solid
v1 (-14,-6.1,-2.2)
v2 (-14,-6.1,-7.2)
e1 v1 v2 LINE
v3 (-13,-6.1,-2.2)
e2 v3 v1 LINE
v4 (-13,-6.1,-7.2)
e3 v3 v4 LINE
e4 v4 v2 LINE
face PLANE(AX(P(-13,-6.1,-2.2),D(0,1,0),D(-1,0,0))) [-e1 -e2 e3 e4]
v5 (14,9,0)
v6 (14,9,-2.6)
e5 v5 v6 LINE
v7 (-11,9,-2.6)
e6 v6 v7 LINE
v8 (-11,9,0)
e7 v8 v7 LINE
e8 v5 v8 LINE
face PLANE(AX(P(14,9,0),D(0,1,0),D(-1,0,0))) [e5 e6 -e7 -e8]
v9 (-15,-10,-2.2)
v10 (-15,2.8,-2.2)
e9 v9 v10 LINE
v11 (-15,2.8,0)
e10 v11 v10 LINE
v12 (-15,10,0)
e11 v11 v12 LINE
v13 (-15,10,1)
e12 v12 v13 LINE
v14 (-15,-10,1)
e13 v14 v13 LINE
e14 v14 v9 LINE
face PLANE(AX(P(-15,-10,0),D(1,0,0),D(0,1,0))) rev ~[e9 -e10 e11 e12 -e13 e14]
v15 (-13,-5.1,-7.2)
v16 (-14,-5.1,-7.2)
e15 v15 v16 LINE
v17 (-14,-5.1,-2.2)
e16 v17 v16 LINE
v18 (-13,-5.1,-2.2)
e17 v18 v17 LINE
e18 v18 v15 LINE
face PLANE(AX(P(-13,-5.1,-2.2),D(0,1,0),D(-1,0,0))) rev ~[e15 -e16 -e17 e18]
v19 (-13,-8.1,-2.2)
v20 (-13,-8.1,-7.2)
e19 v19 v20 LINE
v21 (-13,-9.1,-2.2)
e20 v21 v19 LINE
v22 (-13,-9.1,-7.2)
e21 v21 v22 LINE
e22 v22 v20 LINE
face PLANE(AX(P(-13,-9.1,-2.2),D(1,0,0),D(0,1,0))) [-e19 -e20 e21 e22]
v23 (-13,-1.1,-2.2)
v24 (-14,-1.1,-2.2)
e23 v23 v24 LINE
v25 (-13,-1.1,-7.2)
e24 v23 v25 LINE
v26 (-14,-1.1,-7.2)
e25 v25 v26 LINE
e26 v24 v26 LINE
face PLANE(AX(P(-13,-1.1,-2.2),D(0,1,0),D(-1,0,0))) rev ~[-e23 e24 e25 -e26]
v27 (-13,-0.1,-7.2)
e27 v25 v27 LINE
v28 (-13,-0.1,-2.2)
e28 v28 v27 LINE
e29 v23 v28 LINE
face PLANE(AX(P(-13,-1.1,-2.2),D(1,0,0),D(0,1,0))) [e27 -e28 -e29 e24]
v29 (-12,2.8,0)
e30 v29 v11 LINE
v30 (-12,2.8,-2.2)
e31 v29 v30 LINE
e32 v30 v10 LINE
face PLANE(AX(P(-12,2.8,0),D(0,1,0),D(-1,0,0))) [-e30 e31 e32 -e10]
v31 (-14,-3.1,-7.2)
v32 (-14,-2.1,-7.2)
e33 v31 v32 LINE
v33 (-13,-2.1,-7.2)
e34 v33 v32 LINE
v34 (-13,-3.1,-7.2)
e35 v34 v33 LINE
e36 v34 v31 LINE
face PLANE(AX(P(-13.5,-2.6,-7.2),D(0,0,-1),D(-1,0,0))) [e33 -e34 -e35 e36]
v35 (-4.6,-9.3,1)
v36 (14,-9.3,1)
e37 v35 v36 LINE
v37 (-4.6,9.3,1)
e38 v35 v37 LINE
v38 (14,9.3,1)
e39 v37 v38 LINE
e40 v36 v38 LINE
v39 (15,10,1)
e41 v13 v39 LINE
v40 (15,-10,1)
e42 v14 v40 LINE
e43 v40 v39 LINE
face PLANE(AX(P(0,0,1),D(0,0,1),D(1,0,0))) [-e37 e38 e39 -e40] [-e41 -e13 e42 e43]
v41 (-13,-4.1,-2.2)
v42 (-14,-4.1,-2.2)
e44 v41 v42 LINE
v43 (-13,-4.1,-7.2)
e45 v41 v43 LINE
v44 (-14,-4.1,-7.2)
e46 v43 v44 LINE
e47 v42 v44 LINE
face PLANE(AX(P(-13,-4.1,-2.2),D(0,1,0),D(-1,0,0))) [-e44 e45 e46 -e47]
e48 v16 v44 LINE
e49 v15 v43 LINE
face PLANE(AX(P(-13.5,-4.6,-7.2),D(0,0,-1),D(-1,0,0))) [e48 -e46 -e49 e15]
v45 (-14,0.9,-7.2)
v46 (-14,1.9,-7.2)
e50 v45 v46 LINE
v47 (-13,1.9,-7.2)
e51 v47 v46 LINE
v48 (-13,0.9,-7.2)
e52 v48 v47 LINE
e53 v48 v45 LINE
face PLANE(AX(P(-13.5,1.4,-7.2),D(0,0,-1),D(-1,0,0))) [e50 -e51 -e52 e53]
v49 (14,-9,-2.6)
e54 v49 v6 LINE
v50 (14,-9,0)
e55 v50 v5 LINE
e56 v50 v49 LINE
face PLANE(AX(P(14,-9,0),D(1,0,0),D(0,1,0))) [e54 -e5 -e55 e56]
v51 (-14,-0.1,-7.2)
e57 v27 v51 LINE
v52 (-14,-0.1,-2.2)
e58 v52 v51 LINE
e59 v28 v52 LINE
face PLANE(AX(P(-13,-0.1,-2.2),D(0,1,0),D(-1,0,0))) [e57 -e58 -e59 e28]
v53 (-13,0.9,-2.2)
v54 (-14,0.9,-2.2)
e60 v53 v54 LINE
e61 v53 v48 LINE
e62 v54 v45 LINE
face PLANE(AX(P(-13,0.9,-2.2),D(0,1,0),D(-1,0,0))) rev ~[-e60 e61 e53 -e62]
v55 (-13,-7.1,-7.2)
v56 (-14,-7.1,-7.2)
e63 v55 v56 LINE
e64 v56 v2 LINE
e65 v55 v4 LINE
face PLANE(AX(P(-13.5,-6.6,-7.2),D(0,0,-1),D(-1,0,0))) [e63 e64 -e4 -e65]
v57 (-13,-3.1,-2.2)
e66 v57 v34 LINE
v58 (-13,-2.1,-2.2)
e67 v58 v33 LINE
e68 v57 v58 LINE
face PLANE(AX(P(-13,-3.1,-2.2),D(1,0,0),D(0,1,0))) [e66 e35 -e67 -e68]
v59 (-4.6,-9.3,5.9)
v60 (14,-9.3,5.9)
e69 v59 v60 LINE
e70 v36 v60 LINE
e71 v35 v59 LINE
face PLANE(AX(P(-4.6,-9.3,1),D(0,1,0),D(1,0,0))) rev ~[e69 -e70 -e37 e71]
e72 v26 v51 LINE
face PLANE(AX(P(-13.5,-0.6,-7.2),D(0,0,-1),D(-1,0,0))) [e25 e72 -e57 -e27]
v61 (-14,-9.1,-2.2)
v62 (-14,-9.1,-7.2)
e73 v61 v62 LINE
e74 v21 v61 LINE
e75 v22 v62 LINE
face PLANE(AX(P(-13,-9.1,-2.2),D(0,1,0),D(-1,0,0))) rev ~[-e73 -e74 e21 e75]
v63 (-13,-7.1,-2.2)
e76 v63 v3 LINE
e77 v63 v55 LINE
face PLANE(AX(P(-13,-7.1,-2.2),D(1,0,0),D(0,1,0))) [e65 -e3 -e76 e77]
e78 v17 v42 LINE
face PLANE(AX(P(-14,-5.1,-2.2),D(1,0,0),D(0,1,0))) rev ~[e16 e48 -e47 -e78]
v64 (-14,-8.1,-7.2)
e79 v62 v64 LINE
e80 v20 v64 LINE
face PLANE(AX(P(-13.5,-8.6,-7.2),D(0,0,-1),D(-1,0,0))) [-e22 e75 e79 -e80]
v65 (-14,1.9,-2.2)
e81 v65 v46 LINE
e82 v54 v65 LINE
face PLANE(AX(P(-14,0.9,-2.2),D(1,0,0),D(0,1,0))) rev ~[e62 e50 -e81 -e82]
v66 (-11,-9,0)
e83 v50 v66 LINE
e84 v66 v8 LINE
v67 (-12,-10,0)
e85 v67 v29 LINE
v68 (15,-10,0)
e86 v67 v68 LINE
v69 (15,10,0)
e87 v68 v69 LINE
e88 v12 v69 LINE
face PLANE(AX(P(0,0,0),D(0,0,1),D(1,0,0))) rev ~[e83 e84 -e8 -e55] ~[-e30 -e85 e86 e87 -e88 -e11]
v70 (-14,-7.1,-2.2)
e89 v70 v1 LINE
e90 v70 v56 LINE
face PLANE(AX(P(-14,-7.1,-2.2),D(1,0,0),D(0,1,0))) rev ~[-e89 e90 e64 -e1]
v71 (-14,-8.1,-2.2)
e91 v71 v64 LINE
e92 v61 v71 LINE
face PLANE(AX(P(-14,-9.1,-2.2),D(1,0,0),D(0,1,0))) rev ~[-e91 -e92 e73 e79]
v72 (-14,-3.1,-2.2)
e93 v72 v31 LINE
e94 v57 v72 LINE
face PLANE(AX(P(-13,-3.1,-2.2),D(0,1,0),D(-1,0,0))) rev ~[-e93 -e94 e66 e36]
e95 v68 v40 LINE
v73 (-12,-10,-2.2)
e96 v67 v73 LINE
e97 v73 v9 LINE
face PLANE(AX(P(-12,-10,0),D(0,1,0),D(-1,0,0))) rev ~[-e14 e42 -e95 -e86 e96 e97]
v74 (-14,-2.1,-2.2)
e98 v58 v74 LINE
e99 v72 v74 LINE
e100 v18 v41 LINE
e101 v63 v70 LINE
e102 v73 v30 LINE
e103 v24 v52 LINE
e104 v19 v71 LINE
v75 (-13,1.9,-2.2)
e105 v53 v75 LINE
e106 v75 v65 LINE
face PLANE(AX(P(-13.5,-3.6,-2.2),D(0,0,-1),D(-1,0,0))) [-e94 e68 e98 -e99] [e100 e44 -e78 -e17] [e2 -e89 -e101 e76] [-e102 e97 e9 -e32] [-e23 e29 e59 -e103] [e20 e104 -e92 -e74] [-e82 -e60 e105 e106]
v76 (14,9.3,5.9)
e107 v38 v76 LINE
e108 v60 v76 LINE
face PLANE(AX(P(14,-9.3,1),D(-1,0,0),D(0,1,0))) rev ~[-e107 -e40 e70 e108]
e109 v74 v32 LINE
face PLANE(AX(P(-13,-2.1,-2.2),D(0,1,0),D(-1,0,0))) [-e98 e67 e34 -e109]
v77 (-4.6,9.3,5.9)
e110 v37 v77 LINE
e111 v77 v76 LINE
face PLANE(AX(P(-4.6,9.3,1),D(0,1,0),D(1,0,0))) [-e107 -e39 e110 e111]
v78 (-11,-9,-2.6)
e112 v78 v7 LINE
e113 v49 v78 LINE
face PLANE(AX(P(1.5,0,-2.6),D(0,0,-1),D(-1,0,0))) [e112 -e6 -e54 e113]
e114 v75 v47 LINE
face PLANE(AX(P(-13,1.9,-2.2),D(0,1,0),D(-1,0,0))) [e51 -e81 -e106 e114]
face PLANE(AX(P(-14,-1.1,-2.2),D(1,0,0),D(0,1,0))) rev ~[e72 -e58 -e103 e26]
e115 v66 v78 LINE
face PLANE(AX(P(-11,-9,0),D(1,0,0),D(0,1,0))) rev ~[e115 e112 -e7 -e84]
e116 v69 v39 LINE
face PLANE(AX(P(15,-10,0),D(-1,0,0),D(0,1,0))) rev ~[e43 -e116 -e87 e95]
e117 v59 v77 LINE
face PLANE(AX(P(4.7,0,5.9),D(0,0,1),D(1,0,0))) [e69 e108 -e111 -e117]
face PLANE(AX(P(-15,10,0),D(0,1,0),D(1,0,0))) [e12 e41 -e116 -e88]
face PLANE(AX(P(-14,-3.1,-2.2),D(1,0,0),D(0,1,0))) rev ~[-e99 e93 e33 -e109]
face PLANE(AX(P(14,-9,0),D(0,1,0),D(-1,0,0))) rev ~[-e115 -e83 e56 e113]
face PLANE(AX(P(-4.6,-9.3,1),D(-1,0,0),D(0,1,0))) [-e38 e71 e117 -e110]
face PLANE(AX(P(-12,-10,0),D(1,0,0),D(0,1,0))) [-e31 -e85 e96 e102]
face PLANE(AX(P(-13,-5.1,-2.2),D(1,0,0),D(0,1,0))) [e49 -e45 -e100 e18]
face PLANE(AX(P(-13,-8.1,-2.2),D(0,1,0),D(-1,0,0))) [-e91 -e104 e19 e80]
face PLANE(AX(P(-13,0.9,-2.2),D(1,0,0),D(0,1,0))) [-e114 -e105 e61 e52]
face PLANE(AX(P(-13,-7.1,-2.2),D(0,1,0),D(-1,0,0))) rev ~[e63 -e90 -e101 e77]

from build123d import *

# Parameters (mm, degrees)
SKETCH1_W           = 30
SKETCH1_H           = 20
BOSS_EXTRUDE1_DEPTH = 1
SKETCH2_W           = 3
SKETCH2_H           = 12.8
BOSS_EXTRUDE2_DEPTH = 2.2
SKETCH3_W           = 1
SKETCH3_H           = 1
BOSS_EXTRUDE3_DEPTH = 5
LPATTERN1_COUNT     = 6
LPATTERN1_PITCH     = 2
SKETCH4_W           = 25
SKETCH4_H           = 18
BOSS_EXTRUDE4_DEPTH = 2.6
SKETCH5_W           = 18.6
SKETCH5_H           = 18.6
BOSS_EXTRUDE5_DEPTH = 4.9


with BuildPart() as part:
    # Sketch1 → Boss-Extrude1 (new body)
    with BuildSketch(Plane.XY):
        Rectangle(SKETCH1_W, SKETCH1_H)
    extrude(amount=BOSS_EXTRUDE1_DEPTH)

    # Sketch2 → Boss-Extrude2 (add)
    with BuildSketch(Plane(origin=(0, 0, 0), x_dir=(-1, 0, 0), z_dir=(0, 0, -1))):
        with Locations((13.5, -3.6)):
            Rectangle(SKETCH2_W, SKETCH2_H)
    extrude(amount=BOSS_EXTRUDE2_DEPTH)

    # Sketch3 → Boss-Extrude3 (add)
    with BuildSketch(Plane(origin=(0, 0, -2.2), x_dir=(-1, 0, 0), z_dir=(0, 0, -1))):
        with Locations((13.5, -8.6)):
            Rectangle(SKETCH3_W, SKETCH3_H)
    boss_extrude3 = extrude(amount=BOSS_EXTRUDE3_DEPTH)

    # LPattern1: Boss-Extrude3 ×6
    with Locations(*[(0, i * LPATTERN1_PITCH, 0) for i in range(1, LPATTERN1_COUNT)]):
        add(boss_extrude3)

    # Sketch4 → Boss-Extrude4 (add)
    with BuildSketch(Plane(origin=(0, 0, 0), x_dir=(-1, 0, 0), z_dir=(0, 0, -1))):
        with Locations((-1.5, 0)):
            Rectangle(SKETCH4_W, SKETCH4_H)
    extrude(amount=BOSS_EXTRUDE4_DEPTH)

    # Sketch5 → Boss-Extrude5 (add)
    with BuildSketch(Plane.XY.offset(1)):
        with Locations((4.7, 0)):
            Rectangle(SKETCH5_W, SKETCH5_H)
    extrude(amount=BOSS_EXTRUDE5_DEPTH)


solid = part.part
